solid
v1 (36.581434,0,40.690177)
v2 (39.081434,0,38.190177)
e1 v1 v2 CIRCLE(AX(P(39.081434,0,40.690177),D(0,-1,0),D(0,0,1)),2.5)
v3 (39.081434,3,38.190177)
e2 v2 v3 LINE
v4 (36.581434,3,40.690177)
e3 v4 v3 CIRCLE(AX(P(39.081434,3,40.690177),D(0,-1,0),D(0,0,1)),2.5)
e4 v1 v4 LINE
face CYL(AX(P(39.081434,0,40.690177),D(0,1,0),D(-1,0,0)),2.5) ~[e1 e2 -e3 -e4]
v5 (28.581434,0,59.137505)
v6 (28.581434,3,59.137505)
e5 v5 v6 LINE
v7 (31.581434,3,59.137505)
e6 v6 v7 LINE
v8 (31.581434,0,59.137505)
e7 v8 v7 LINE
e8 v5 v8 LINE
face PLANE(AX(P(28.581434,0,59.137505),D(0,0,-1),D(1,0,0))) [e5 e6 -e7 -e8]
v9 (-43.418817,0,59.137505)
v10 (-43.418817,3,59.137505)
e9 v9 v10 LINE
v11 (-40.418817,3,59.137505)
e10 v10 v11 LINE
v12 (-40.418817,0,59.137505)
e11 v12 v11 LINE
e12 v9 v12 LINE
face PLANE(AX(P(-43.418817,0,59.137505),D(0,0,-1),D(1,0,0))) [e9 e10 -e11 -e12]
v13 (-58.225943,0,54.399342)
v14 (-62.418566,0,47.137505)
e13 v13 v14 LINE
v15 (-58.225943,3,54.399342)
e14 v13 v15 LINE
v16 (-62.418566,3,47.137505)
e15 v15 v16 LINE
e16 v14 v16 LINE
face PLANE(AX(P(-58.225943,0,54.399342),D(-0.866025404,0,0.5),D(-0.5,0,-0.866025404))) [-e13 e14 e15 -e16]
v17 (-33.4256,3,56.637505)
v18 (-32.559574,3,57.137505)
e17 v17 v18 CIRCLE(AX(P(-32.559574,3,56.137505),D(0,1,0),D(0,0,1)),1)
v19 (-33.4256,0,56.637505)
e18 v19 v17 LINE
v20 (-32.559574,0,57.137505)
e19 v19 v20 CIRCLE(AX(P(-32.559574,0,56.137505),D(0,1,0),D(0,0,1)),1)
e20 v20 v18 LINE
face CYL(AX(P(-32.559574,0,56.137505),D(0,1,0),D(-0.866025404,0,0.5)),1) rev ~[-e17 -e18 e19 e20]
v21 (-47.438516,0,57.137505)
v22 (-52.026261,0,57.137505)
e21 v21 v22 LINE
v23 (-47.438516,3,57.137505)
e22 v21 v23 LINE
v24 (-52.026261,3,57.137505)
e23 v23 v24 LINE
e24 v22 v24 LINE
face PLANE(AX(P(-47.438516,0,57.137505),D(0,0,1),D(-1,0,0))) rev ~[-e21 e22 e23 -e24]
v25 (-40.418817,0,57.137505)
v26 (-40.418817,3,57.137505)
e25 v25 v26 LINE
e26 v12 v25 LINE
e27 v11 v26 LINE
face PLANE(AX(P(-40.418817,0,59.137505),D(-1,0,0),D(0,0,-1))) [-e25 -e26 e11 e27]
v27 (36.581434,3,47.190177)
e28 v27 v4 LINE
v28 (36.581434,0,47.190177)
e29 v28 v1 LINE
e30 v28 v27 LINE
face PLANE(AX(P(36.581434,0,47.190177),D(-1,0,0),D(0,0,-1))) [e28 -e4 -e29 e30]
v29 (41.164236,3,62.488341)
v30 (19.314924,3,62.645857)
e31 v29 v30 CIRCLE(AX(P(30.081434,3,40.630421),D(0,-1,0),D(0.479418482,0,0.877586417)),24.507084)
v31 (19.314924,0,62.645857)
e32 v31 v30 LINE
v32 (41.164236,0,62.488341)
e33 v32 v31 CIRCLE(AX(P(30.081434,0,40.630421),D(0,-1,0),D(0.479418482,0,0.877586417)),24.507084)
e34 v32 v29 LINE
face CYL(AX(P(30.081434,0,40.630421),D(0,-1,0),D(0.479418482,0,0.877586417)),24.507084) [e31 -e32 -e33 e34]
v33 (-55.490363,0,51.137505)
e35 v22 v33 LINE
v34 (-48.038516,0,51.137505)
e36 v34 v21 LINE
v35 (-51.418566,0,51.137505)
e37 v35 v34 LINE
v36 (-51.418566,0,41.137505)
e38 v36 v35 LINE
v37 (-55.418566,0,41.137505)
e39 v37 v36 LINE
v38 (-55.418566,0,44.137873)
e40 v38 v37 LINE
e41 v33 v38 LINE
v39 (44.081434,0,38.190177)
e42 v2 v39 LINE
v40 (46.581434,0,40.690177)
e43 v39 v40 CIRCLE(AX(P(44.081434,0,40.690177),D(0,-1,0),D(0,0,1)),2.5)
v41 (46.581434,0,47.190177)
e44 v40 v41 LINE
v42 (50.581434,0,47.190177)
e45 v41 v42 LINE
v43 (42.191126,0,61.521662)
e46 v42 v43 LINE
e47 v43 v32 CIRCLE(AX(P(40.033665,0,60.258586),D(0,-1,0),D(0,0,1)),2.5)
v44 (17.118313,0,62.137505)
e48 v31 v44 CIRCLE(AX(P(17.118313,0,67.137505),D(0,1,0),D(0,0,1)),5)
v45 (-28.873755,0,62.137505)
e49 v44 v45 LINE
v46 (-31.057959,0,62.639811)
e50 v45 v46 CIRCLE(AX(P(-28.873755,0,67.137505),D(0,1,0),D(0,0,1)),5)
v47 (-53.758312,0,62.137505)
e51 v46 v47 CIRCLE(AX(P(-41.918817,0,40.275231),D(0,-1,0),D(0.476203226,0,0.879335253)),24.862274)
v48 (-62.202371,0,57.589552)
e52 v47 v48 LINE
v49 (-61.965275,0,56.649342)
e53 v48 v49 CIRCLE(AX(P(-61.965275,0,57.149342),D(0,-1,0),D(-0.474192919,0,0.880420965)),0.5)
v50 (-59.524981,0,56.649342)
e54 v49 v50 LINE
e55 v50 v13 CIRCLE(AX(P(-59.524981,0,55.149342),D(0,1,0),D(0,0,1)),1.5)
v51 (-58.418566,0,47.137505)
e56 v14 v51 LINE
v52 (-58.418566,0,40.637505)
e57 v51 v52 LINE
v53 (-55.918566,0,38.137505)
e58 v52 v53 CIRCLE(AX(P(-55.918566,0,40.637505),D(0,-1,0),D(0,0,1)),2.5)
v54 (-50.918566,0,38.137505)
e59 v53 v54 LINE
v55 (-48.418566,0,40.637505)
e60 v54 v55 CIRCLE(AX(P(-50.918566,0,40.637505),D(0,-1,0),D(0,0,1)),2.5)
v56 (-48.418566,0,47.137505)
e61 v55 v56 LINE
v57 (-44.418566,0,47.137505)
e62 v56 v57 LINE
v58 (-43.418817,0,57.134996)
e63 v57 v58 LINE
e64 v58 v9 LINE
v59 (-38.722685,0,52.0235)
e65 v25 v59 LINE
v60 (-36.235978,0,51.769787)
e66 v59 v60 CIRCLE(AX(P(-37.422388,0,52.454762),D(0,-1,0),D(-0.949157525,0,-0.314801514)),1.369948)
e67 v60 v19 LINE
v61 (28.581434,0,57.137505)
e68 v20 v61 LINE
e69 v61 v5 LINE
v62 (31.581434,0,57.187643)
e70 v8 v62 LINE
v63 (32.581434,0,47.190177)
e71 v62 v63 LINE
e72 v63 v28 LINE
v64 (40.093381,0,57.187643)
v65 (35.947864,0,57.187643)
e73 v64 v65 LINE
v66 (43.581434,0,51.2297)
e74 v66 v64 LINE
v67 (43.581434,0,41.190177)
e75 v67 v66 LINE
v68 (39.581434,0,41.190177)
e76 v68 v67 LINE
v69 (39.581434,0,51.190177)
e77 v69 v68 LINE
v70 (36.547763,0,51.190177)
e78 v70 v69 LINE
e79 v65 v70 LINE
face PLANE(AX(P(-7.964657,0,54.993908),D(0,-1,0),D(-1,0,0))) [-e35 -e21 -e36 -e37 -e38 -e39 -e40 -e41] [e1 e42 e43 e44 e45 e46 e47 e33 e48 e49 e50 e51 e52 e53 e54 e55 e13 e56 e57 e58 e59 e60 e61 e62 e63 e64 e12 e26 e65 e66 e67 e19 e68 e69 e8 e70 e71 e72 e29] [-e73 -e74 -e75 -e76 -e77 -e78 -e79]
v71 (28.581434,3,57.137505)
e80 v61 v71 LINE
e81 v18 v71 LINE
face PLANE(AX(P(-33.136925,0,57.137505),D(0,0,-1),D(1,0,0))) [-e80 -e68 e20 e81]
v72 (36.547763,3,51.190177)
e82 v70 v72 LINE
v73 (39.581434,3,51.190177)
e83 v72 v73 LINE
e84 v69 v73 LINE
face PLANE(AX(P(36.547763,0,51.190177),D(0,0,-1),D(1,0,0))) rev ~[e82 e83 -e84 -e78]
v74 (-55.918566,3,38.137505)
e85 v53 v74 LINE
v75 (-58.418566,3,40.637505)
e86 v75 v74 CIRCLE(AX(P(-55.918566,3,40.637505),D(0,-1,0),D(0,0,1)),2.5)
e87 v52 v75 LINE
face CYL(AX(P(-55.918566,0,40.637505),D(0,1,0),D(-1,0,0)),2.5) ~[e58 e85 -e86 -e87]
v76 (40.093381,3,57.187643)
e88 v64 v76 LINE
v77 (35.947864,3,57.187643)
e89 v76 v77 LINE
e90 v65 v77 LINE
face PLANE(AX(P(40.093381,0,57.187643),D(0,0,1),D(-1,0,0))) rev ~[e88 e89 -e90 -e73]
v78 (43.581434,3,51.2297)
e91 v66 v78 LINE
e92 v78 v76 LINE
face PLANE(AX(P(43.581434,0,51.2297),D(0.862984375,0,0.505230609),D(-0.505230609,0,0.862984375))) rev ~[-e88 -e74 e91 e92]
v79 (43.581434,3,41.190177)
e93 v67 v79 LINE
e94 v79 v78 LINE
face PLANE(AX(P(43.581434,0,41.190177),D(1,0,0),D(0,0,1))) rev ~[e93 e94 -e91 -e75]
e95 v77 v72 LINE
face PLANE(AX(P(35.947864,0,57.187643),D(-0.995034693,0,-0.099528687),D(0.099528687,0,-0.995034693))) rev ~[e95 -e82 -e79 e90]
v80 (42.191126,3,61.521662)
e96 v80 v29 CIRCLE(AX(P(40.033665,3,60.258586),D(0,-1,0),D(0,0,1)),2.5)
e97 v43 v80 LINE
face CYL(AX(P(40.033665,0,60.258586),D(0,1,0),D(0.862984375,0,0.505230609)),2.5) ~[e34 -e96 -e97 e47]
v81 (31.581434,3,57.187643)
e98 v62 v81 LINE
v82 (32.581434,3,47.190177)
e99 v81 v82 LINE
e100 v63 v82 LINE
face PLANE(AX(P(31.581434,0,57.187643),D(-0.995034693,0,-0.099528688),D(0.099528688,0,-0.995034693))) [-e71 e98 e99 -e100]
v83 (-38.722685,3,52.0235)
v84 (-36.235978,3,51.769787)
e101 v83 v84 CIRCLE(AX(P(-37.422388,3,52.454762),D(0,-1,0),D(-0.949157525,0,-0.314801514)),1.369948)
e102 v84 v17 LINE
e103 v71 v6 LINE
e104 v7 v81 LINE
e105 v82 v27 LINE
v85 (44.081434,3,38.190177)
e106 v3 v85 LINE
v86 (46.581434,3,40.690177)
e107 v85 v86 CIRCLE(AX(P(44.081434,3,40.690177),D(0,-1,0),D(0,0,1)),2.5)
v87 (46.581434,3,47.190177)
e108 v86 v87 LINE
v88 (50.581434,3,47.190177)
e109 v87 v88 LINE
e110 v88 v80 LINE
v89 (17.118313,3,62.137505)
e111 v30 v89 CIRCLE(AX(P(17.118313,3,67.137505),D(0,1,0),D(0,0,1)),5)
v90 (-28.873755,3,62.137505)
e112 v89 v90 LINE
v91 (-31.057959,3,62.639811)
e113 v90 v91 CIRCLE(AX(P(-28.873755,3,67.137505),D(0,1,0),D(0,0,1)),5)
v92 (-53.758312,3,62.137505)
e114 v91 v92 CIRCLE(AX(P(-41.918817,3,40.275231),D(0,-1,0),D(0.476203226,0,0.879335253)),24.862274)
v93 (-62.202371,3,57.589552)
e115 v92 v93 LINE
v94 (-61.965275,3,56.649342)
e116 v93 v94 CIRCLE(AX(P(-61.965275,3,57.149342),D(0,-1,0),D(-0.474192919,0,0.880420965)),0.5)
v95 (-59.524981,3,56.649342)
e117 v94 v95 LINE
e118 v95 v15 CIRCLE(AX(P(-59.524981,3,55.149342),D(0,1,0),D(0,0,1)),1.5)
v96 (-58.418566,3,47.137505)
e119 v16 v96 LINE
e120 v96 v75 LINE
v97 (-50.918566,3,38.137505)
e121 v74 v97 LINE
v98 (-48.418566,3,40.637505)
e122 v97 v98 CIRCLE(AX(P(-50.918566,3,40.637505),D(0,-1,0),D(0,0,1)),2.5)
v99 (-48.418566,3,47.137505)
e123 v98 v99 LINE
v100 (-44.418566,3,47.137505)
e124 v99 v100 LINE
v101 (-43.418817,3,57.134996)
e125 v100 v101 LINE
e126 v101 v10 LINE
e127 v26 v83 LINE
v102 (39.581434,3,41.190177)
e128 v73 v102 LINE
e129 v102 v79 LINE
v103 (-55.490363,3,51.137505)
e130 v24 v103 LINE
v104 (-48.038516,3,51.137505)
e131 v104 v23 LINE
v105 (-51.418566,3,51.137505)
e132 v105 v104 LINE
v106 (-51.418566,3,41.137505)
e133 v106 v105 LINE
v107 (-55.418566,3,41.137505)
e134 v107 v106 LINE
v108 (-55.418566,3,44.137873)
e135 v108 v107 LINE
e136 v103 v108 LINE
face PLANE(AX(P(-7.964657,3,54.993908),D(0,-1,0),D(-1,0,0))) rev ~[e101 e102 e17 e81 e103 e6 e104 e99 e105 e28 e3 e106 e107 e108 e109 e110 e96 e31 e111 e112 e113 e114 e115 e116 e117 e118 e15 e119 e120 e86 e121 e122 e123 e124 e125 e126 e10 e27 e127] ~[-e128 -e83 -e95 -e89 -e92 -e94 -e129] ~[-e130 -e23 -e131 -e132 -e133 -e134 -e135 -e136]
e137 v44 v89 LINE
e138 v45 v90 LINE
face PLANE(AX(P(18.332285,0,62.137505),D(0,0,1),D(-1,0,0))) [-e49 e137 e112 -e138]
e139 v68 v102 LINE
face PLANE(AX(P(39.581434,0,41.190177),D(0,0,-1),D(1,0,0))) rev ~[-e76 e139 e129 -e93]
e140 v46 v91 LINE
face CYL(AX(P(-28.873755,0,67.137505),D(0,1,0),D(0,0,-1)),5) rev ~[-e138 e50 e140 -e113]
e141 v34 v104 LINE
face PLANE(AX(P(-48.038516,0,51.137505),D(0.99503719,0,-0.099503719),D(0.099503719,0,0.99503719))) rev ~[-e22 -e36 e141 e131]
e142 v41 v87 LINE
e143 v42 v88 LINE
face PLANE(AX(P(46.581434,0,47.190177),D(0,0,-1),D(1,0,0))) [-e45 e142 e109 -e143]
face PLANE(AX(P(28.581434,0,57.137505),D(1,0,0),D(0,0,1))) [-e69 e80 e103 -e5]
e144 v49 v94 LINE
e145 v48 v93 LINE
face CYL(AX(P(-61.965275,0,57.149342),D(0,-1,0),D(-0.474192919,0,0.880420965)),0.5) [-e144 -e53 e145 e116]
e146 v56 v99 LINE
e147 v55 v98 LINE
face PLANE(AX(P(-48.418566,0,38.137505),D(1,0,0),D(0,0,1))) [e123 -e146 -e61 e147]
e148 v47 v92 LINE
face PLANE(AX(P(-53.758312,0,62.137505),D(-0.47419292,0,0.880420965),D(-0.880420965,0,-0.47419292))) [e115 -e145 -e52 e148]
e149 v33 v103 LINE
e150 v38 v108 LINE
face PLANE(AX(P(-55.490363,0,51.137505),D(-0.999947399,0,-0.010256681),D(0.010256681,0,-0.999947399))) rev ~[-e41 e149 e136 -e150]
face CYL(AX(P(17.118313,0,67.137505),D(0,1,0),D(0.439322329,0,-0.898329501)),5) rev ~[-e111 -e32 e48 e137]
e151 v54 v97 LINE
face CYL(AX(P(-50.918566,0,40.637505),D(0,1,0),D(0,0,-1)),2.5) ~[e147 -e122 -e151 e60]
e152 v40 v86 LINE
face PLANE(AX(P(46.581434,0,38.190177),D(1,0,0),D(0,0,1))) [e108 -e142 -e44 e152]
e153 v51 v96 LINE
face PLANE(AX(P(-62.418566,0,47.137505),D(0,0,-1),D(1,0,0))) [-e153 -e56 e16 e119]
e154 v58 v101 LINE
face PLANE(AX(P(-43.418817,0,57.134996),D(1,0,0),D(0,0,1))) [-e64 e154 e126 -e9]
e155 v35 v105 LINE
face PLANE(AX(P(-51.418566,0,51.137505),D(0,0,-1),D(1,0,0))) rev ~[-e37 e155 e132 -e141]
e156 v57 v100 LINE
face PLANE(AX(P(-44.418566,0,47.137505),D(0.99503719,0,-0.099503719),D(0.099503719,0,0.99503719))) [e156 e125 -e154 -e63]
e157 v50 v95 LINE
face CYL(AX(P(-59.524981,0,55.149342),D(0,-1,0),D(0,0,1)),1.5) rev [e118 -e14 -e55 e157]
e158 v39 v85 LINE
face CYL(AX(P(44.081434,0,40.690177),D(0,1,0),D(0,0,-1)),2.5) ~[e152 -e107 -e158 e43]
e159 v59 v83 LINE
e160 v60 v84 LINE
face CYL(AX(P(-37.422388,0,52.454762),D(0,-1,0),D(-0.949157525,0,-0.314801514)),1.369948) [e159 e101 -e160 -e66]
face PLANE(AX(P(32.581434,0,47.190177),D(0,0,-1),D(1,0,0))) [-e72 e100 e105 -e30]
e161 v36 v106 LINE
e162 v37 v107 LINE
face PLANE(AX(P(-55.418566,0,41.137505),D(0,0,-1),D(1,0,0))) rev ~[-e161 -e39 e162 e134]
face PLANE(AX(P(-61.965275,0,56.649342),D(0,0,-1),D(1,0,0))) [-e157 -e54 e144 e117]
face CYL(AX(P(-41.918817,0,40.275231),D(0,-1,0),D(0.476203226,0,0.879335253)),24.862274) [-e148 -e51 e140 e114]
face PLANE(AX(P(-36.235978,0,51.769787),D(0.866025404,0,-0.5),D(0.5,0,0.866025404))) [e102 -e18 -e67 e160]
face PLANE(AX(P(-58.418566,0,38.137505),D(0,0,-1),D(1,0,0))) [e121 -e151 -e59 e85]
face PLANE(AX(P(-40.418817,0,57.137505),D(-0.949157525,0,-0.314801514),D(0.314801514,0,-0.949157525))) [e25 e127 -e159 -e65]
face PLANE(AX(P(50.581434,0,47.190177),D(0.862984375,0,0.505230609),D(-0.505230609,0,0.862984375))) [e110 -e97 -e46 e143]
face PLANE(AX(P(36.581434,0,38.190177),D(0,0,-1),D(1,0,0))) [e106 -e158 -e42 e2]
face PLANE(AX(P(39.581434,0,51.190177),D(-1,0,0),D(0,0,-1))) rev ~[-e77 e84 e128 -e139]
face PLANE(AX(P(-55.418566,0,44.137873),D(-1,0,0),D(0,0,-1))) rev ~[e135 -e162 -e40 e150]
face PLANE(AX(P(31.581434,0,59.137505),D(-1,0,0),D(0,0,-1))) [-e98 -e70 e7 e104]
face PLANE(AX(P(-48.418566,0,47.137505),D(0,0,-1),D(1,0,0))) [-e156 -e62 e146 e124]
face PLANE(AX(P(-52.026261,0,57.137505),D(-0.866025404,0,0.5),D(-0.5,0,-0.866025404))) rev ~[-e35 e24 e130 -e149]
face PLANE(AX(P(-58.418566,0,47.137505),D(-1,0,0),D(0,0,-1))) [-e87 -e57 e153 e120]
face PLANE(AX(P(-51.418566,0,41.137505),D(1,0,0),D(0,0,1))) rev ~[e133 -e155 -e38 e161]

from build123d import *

# Parameters (mm, degrees)
BOSS_EXTRUDE1_DEPTH = 3
FILLET2_R           = 2.5
FILLET3_R           = 1
FILLET5_R           = 2.5
FILLET6_R           = 5


with BuildPart() as part:
    # Sketch1 → Boss-Extrude1 (new body)
    with BuildSketch(Plane(origin=(0, 0, 0), x_dir=(1, 0, 0), z_dir=(0, 1, 0))):
        with BuildLine():
            Line((-62.418566214, -47.137504987), (-58.418566214, -47.137504987))
            Line((-58.418566214, -47.137504987), (-58.418566214, -38.137504987))
            Line((-58.418566214, -38.137504987), (-48.418566214, -38.137504987))
            Line((-48.418566214, -38.137504987), (-48.418566214, -47.137504987))
            Line((-48.418566214, -47.137504987), (-44.418566214, -47.137504987))
            Line((-44.418566214, -47.137504987), (-43.418817081, -57.134996312))
            Line((-43.418817081, -57.134996312), (-43.418817081, -59.137504987))
            Line((-43.418817081, -59.137504987), (-40.418817081, -59.137504987))
            Line((-40.418817081, -59.137504987), (-40.418817081, -57.137504987))
            Line((-40.418817081, -57.137504987), (-38.722684913, -52.023499684))
            ThreePointArc((-38.722684913, -52.023499684), (-37.561438496, -51.091888176), (-36.235977812, -51.769787298))
            Line((-36.235977812, -51.769787298), (-33.13692456, -57.137504987))
            Line((-33.13692456, -57.137504987), (28.581433786, -57.137504987))
            Line((28.581433786, -57.137504987), (28.581433786, -59.137504987))
            Line((28.581433786, -59.137504987), (31.581433786, -59.137504987))
            Line((31.581433786, -59.137504987), (31.581433786, -57.187643384))
            Line((31.581433786, -57.187643384), (32.581433786, -47.190177149))
            Line((32.581433786, -47.190177149), (36.581433786, -47.190177149))
            Line((36.581433786, -47.190177149), (36.581433786, -38.190177149))
            Line((36.581433786, -38.190177149), (46.581433786, -38.190177149))
            Line((46.581433786, -38.190177149), (46.581433786, -47.190177149))
            Line((46.581433786, -47.190177149), (50.581433786, -47.190177149))
            Line((50.581433786, -47.190177149), (41.830582941, -62.137504987))
            ThreePointArc((41.830582941, -62.137504987), (30.081433786, -65.137504987), (18.332284631, -62.137504987))
            Line((18.332284631, -62.137504987), (-30.079321987, -62.137504987))
            ThreePointArc((-30.079321987, -62.137504987), (-41.918817081, -65.137504987), (-53.758312176, -62.137504987))
            Line((-53.758312176, -62.137504987), (-62.202371167, -57.589552191))
            ThreePointArc((-62.202371167, -57.589552191), (-62.450096964, -57.027082233), (-61.965274707, -56.649341709))
            Line((-61.965274707, -56.649341709), (-59.524980934, -56.649341709))
            ThreePointArc((-59.524980934, -56.649341709), (-58.225942828, -55.899341709), (-58.225942828, -54.399341709))
            Line((-58.225942828, -54.399341709), (-62.418566214, -47.137504987))
        make_face()
        Polygon((36.547763078, -51.190177149), (39.581433786, -51.190177149), (39.581433786, -44.190177149), (39.581433786, -41.190177149), (43.581433786, -41.190177149), (43.581433786, -44.22970007), (43.581433786, -51.22970007), (40.093380681, -57.187643384), (35.947864455, -57.187643384), align=None, mode=Mode.SUBTRACT)
        Polygon((-55.418566214, -41.137504987), (-51.418566214, -41.137504987), (-51.418566214, -44.137504987), (-51.418566214, -51.137504987), (-48.038516462, -51.137504987), (-47.438516462, -57.137504987), (-52.026261368, -57.137504987), (-55.490362984, -51.137504987), (-55.418566214, -44.137873195), align=None, mode=Mode.SUBTRACT)
    extrude(amount=BOSS_EXTRUDE1_DEPTH)

    # Fillet2
    fillet2_edges = [part.edges().sort_by_distance(p)[0] for p in [
        (-58.418566214, 1.5, 38.137504987),
        (-48.418566214, 1.5, 38.137504987),
        (36.581433786, 1.5, 38.190177149),
        (46.581433786, 1.5, 38.190177149),
    ]]
    fillet(fillet2_edges, radius=FILLET2_R)

    # Fillet3
    fillet3_edges = [part.edges().sort_by_distance(p)[0] for p in [
        (-33.13692456, 1.5, 57.137504987),
    ]]
    fillet(fillet3_edges, radius=FILLET3_R)

    # Fillet5
    fillet5_edges = [part.edges().sort_by_distance(p)[0] for p in [
        (41.830582941, 1.5, 62.137504987),
        (-53.758312176, 1.5, 62.137504987),
    ]]
    fillet(fillet5_edges, radius=FILLET5_R)

    # Fillet6
    fillet6_edges = [part.edges().sort_by_distance(p)[0] for p in [
        (18.332284631, 1.5, 62.137504987),
        (-30.079321987, 1.5, 62.137504987),
    ]]
    fillet(fillet6_edges, radius=FILLET6_R)


solid = part.part
